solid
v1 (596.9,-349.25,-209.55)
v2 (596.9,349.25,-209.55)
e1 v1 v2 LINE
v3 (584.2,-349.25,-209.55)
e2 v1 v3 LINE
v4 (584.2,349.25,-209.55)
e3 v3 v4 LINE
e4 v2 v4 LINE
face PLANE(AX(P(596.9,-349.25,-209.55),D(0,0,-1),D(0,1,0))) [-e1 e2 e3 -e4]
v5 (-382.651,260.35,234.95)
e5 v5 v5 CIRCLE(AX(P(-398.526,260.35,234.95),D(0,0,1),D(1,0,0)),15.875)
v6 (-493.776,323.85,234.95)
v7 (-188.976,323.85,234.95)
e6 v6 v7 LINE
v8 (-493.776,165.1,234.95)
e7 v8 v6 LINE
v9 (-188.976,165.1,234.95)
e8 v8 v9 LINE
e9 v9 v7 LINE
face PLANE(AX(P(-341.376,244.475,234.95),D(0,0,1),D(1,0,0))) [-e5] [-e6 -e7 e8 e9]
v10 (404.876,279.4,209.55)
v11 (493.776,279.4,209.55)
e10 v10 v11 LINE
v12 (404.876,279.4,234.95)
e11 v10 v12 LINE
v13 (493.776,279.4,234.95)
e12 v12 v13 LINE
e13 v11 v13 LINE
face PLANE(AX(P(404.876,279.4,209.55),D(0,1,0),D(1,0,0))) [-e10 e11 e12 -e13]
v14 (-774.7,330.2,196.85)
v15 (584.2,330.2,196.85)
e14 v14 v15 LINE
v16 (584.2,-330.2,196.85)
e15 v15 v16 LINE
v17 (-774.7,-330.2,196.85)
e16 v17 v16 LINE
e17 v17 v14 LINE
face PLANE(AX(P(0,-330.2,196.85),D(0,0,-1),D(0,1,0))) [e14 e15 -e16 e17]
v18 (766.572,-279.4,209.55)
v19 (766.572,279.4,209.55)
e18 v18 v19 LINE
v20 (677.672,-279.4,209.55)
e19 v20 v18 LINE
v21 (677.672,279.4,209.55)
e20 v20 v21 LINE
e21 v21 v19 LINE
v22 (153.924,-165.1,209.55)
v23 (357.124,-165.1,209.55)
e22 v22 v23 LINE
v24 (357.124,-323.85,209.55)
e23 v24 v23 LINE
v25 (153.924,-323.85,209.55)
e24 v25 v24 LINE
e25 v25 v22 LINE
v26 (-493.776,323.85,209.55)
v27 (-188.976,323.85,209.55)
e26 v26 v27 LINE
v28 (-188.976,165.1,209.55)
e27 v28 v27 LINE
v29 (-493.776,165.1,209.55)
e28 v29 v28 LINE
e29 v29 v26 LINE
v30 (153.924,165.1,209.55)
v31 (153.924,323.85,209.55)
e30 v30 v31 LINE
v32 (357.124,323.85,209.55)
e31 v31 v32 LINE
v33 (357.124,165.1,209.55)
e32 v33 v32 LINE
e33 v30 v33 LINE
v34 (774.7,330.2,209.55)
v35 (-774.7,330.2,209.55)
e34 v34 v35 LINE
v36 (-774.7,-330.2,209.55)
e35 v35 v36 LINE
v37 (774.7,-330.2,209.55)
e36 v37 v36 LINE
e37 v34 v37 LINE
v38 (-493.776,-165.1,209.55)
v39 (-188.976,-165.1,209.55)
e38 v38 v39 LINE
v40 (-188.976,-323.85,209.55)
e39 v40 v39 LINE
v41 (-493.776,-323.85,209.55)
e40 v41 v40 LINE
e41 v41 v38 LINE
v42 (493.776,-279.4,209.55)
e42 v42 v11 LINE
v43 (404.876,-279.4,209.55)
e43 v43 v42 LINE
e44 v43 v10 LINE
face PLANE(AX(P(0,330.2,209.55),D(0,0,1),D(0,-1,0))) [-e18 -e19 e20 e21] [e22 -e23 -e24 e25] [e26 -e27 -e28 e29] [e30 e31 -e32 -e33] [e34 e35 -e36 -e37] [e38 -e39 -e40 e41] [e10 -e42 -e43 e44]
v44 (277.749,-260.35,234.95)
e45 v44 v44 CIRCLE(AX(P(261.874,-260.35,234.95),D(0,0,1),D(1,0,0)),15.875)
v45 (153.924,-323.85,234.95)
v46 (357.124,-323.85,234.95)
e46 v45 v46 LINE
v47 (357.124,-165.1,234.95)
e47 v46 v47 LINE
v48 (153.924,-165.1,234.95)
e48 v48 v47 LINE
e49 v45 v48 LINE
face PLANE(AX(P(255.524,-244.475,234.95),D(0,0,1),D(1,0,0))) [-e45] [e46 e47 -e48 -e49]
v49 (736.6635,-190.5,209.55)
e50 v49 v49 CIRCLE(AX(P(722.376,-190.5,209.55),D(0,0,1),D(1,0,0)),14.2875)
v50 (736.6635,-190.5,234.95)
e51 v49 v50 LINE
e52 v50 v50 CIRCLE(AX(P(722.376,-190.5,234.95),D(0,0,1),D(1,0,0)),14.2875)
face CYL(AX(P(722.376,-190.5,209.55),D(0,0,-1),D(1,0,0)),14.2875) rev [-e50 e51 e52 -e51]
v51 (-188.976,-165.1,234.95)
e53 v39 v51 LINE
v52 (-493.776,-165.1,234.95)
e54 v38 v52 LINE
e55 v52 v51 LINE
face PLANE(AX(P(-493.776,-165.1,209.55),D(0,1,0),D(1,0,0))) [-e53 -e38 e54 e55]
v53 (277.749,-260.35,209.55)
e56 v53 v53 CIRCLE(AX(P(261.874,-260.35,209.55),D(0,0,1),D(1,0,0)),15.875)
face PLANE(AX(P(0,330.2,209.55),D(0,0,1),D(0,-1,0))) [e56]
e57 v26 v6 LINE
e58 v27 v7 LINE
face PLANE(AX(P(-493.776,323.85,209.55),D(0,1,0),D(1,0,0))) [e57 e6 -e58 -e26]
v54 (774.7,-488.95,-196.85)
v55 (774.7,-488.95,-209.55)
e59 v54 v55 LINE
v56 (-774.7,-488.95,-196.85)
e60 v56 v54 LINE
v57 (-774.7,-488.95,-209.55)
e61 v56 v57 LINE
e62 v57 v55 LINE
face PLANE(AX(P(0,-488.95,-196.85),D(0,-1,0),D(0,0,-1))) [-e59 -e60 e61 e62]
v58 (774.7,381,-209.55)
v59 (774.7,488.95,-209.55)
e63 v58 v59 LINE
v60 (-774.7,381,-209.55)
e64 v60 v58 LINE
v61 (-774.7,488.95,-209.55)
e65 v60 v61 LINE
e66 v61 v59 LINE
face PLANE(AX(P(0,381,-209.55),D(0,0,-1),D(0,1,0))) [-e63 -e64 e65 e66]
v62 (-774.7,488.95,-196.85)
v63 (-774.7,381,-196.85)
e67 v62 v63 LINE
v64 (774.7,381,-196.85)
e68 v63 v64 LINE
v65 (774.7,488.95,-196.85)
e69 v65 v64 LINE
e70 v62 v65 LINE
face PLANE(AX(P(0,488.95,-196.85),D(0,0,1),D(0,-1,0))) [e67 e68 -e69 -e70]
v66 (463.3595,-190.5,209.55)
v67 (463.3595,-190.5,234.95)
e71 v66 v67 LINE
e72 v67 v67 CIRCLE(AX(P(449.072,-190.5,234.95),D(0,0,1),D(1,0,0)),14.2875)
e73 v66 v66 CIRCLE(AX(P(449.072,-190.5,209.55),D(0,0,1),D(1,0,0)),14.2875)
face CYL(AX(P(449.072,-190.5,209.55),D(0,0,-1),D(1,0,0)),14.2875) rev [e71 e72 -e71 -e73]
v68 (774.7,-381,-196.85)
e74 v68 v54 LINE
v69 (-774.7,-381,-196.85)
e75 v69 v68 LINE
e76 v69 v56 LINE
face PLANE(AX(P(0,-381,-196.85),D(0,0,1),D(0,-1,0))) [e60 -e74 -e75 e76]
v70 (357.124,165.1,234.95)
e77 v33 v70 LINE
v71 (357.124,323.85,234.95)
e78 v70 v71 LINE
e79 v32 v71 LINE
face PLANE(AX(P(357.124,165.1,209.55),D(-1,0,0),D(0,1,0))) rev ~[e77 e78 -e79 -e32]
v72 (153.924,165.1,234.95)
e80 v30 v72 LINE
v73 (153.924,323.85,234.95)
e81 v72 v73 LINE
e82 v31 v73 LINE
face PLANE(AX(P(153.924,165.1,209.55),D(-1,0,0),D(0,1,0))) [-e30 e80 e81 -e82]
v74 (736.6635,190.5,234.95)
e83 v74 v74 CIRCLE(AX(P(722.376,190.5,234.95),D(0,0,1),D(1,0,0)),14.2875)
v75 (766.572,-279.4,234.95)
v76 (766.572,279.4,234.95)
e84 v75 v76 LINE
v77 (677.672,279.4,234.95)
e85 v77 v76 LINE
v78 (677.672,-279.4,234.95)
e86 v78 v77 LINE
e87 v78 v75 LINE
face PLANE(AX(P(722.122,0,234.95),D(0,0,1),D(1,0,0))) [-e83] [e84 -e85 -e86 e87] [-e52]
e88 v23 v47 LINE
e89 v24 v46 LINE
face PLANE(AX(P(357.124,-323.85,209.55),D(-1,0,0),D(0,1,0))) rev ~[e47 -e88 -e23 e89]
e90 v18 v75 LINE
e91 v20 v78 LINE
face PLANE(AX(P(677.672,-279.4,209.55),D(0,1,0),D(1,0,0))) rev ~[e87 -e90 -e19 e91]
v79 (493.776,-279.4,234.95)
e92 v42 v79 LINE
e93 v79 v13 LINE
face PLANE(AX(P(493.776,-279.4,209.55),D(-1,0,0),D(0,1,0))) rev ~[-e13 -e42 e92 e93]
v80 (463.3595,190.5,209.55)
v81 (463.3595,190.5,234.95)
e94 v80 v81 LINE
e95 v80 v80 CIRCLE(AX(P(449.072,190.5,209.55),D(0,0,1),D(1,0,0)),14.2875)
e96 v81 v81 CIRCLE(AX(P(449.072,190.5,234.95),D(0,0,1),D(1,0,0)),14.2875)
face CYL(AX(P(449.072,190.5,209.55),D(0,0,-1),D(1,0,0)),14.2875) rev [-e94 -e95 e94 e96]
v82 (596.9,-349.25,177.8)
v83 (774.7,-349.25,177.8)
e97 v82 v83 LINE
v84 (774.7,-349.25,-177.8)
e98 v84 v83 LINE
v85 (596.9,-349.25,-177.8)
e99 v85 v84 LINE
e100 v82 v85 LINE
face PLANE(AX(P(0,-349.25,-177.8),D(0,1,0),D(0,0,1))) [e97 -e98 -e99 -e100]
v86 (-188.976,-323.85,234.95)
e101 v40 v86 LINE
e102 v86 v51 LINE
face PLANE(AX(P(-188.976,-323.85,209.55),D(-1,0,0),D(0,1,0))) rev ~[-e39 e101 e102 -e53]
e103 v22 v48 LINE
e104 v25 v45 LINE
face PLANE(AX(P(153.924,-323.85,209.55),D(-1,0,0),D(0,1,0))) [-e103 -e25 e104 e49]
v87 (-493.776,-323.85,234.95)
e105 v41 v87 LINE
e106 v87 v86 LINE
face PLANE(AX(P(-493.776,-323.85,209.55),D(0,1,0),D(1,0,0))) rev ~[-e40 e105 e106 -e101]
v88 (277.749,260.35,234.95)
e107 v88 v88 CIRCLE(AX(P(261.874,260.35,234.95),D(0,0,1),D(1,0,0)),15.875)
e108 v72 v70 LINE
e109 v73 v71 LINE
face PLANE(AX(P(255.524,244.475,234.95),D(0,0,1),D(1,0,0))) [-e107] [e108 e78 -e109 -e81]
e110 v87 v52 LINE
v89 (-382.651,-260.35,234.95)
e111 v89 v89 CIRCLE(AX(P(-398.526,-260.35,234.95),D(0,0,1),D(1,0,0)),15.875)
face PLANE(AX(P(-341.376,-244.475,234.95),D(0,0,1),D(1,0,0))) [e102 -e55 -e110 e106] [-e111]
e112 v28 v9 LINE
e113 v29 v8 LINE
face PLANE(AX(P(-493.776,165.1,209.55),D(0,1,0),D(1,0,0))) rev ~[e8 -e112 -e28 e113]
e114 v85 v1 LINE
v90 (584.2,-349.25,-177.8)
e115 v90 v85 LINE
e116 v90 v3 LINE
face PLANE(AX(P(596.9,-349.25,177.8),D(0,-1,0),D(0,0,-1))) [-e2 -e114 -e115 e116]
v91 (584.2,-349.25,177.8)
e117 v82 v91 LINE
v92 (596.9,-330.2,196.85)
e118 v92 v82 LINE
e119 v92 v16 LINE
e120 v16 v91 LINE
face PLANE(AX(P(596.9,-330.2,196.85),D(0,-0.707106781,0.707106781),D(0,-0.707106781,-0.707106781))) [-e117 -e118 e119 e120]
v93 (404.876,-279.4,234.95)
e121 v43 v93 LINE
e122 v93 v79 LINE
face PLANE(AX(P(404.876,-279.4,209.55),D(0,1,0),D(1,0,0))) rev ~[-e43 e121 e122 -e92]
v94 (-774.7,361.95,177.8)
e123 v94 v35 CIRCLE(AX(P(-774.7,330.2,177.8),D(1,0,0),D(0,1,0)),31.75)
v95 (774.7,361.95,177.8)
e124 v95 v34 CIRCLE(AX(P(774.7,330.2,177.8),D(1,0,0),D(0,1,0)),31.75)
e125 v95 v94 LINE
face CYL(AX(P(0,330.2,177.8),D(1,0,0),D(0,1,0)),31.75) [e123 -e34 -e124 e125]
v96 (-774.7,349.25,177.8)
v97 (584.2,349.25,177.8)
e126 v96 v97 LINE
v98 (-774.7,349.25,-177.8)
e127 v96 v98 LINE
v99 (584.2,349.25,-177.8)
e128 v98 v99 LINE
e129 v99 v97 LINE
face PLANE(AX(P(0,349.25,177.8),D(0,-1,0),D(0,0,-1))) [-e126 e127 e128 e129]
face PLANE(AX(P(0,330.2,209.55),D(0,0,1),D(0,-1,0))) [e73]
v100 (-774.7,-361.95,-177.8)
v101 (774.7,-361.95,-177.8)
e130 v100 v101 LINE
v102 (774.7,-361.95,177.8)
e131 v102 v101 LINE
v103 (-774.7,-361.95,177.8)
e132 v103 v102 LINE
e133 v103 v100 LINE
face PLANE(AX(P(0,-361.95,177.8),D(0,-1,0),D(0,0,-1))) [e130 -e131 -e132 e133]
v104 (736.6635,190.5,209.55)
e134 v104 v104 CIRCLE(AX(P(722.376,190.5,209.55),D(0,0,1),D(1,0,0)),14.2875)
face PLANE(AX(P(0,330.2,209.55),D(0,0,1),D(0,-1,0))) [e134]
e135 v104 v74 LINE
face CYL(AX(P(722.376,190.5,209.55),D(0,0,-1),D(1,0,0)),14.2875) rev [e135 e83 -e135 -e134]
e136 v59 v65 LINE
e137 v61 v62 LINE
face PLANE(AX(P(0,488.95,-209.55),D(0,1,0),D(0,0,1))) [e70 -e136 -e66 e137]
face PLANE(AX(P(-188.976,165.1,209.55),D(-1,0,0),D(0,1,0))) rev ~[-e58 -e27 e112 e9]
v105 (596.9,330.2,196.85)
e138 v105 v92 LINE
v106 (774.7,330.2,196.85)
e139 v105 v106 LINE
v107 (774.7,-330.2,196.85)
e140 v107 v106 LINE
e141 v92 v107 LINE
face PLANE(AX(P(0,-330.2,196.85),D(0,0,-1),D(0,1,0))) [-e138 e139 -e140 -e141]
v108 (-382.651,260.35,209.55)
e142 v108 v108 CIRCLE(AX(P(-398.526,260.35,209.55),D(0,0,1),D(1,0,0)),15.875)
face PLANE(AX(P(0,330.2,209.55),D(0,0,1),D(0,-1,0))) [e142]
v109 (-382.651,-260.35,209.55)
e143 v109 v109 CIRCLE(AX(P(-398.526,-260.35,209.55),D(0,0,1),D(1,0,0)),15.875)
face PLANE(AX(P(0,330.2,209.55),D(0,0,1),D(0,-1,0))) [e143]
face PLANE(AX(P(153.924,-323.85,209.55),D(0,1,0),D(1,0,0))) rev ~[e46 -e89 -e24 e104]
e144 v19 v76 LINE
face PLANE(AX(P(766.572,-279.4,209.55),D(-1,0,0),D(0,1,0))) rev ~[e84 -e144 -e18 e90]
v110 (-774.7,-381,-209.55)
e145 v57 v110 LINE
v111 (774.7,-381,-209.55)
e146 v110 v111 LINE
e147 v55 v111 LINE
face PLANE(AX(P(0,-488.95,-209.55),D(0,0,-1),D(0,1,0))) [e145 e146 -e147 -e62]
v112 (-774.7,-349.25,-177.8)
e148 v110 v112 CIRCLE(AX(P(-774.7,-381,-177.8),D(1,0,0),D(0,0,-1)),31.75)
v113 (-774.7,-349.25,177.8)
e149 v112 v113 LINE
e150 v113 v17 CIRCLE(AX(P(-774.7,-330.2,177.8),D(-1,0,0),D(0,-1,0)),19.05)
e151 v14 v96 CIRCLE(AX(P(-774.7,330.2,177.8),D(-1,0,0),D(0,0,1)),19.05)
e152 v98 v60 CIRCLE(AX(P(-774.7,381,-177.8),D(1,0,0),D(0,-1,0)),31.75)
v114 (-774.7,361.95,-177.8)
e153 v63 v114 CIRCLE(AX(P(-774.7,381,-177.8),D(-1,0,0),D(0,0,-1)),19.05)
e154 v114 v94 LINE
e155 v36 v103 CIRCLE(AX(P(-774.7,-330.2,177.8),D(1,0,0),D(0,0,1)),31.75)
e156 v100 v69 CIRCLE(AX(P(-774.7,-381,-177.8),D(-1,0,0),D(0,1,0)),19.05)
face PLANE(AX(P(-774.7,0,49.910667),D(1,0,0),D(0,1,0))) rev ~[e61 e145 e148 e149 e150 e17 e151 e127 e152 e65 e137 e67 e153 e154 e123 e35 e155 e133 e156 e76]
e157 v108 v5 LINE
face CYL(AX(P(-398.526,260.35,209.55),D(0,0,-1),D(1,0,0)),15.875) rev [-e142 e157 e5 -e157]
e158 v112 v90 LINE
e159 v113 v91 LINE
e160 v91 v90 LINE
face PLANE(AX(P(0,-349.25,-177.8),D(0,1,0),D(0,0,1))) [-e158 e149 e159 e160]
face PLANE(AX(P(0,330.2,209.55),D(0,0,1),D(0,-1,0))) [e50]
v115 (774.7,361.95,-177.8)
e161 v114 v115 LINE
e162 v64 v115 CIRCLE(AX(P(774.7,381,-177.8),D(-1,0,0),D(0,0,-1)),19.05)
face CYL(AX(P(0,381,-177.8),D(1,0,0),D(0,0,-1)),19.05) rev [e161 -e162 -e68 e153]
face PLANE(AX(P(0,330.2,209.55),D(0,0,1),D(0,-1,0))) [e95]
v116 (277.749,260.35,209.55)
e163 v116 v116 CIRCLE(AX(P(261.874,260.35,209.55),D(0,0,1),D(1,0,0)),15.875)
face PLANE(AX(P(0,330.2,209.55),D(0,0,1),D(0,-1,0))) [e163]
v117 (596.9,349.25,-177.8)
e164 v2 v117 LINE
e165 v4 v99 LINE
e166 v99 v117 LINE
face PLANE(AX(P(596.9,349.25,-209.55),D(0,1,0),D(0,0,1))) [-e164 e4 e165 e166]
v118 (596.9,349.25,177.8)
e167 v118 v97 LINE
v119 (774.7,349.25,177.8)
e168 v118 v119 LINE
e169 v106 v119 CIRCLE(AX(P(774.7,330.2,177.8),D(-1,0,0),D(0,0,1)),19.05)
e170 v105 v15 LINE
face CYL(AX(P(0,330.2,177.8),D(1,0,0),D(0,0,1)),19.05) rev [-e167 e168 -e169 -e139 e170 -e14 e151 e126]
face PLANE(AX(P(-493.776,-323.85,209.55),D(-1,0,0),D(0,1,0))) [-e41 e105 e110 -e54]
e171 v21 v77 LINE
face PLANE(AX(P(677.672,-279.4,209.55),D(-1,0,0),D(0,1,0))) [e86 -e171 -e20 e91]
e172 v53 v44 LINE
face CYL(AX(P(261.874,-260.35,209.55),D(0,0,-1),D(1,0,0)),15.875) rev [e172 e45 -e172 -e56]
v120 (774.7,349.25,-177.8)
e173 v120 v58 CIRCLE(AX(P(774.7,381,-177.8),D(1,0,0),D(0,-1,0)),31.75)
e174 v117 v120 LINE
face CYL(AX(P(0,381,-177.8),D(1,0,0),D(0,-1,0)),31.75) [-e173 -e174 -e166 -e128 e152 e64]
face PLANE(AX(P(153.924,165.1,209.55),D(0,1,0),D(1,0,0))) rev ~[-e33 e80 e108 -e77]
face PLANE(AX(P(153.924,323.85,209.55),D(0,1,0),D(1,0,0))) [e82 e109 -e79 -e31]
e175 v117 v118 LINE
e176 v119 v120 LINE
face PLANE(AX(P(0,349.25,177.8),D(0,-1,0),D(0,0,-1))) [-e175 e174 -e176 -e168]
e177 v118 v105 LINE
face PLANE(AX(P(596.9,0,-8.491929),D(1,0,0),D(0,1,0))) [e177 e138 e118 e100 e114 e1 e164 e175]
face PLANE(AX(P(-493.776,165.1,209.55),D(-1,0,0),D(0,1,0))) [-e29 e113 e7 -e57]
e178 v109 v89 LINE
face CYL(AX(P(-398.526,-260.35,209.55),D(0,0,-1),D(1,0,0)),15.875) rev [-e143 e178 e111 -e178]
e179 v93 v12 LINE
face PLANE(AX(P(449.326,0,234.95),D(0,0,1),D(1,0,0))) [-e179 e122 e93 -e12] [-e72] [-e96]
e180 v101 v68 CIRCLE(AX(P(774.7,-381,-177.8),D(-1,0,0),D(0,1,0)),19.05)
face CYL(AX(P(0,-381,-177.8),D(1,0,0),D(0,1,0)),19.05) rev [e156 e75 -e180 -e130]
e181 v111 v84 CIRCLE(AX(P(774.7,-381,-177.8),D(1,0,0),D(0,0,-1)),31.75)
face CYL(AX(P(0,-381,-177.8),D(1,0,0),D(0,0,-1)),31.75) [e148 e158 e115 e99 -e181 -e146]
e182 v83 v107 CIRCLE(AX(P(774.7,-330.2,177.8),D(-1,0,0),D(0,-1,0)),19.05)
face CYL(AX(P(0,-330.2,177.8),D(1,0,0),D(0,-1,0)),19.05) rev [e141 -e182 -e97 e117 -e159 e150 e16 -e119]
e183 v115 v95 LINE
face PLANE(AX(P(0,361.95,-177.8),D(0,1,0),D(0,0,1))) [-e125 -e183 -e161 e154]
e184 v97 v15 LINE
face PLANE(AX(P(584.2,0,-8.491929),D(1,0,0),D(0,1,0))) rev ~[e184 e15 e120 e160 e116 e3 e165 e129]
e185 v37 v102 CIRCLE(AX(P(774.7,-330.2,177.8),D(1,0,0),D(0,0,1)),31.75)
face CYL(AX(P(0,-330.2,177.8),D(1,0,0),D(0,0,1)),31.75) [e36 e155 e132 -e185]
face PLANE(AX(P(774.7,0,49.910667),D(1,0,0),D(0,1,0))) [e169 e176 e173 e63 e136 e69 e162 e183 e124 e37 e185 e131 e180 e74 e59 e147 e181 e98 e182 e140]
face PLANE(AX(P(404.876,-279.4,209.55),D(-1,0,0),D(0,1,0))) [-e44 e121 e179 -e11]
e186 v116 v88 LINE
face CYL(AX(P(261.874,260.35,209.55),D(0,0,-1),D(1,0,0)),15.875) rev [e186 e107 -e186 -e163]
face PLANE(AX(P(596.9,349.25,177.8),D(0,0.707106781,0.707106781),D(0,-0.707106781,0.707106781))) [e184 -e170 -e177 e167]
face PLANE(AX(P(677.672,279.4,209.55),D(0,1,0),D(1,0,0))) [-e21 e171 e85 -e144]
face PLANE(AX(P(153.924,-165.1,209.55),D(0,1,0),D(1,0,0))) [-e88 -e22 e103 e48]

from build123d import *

# Parameters (mm, degrees)
F1_DEPTH = 774.7
F2_W     = 304.8
F2_H     = 158.75
F2_R     = 15.875
F2_W_2   = 203.2
F2_W_3   = 88.9
F2_H_2   = 558.8
F2_R_2   = 14.2875
F3_DEPTH = 25.4
F6_DEPTH = 12.7


with BuildPart() as f1:
    # F0 (on Right) → F1 (new body, symmetric)
    with BuildSketch(Plane.YZ):
        with BuildLine():
            Line((0, 209.55), (-330.2, 209.55))
            ThreePointArc((-330.2, 209.55), (-352.6506403027, 200.2506403027), (-361.95, 177.8))
            Line((-361.95, 177.8), (-361.95, -177.8))
            ThreePointArc((-361.95, -177.8), (-367.5296158184, -191.2703841816), (-381, -196.85))
            Line((-381, -196.85), (-488.95, -196.85))
            Line((-488.95, -196.85), (-488.95, -209.55))
            Line((-488.95, -209.55), (-381, -209.55))
            ThreePointArc((-381, -209.55), (-358.5493596973, -200.2506403027), (-349.25, -177.8))
            Line((-349.25, -177.8), (-349.25, 177.8))
            ThreePointArc((-349.25, 177.8), (-343.6703841816, 191.2703841816), (-330.2, 196.85))
            Line((-330.2, 196.85), (0, 196.85))
            Line((0, 196.85), (330.2, 196.85))
            ThreePointArc((330.2, 196.85), (343.6703841816, 191.2703841816), (349.25, 177.8))
            Line((349.25, 177.8), (349.25, -177.8))
            ThreePointArc((349.25, -177.8), (358.5493596973, -200.2506403027), (381, -209.55))
            Line((381, -209.55), (488.95, -209.55))
            Line((488.95, -209.55), (488.95, -196.85))
            Line((488.95, -196.85), (381, -196.85))
            ThreePointArc((381, -196.85), (367.5296158184, -191.2703841816), (361.95, -177.8))
            Line((361.95, -177.8), (361.95, 177.8))
            ThreePointArc((361.95, 177.8), (352.6506403027, 200.2506403027), (330.2, 209.55))
            Line((330.2, 209.55), (0, 209.55))
        make_face()
    extrude(amount=F1_DEPTH, both=True)

    # F2 (on face) → F3 (join)
    with BuildSketch(Plane.XY.offset(209.55)):
        with Locations((-341.376, -244.475)):
            Rectangle(F2_W, F2_H)
        with Locations((-398.526, -260.35)):
            Circle(F2_R, mode=Mode.SUBTRACT)
        with Locations((255.524, -244.475)):
            Rectangle(F2_W_2, F2_H)
        with Locations((261.874, -260.35)):
            Circle(F2_R, mode=Mode.SUBTRACT)
        with Locations((255.524, 244.475)):
            Rectangle(F2_W_2, F2_H)
        with Locations((261.874, 260.35)):
            Circle(F2_R, mode=Mode.SUBTRACT)
        with Locations((-341.376, 244.475)):
            Rectangle(F2_W, F2_H)
        with Locations((-398.526, 260.35)):
            Circle(F2_R, mode=Mode.SUBTRACT)
        with Locations((449.326, 0)):
            Rectangle(F2_W_3, F2_H_2)
        with Locations((449.072, -190.5)):
            Circle(F2_R_2, mode=Mode.SUBTRACT)
        with Locations((449.072, 190.5)):
            Circle(F2_R_2, mode=Mode.SUBTRACT)
        with Locations((722.122, 0)):
            Rectangle(F2_W_3, F2_H_2)
        with Locations((722.376, -190.5)):
            Circle(F2_R_2, mode=Mode.SUBTRACT)
        with Locations((722.376, 190.5)):
            Circle(F2_R_2, mode=Mode.SUBTRACT)
    extrude(amount=F3_DEPTH)

    # F5 (on offset) → F6 (join)
    with BuildSketch(Plane.YZ.offset(596.9)):
        Polygon((330.2, 196.85), (-330.2, 196.85), (-349.25, 177.8), (-349.25, -209.55), (349.25, -209.55), (349.25, 177.8), align=None)
    extrude(amount=-F6_DEPTH)


solid = f1.part
